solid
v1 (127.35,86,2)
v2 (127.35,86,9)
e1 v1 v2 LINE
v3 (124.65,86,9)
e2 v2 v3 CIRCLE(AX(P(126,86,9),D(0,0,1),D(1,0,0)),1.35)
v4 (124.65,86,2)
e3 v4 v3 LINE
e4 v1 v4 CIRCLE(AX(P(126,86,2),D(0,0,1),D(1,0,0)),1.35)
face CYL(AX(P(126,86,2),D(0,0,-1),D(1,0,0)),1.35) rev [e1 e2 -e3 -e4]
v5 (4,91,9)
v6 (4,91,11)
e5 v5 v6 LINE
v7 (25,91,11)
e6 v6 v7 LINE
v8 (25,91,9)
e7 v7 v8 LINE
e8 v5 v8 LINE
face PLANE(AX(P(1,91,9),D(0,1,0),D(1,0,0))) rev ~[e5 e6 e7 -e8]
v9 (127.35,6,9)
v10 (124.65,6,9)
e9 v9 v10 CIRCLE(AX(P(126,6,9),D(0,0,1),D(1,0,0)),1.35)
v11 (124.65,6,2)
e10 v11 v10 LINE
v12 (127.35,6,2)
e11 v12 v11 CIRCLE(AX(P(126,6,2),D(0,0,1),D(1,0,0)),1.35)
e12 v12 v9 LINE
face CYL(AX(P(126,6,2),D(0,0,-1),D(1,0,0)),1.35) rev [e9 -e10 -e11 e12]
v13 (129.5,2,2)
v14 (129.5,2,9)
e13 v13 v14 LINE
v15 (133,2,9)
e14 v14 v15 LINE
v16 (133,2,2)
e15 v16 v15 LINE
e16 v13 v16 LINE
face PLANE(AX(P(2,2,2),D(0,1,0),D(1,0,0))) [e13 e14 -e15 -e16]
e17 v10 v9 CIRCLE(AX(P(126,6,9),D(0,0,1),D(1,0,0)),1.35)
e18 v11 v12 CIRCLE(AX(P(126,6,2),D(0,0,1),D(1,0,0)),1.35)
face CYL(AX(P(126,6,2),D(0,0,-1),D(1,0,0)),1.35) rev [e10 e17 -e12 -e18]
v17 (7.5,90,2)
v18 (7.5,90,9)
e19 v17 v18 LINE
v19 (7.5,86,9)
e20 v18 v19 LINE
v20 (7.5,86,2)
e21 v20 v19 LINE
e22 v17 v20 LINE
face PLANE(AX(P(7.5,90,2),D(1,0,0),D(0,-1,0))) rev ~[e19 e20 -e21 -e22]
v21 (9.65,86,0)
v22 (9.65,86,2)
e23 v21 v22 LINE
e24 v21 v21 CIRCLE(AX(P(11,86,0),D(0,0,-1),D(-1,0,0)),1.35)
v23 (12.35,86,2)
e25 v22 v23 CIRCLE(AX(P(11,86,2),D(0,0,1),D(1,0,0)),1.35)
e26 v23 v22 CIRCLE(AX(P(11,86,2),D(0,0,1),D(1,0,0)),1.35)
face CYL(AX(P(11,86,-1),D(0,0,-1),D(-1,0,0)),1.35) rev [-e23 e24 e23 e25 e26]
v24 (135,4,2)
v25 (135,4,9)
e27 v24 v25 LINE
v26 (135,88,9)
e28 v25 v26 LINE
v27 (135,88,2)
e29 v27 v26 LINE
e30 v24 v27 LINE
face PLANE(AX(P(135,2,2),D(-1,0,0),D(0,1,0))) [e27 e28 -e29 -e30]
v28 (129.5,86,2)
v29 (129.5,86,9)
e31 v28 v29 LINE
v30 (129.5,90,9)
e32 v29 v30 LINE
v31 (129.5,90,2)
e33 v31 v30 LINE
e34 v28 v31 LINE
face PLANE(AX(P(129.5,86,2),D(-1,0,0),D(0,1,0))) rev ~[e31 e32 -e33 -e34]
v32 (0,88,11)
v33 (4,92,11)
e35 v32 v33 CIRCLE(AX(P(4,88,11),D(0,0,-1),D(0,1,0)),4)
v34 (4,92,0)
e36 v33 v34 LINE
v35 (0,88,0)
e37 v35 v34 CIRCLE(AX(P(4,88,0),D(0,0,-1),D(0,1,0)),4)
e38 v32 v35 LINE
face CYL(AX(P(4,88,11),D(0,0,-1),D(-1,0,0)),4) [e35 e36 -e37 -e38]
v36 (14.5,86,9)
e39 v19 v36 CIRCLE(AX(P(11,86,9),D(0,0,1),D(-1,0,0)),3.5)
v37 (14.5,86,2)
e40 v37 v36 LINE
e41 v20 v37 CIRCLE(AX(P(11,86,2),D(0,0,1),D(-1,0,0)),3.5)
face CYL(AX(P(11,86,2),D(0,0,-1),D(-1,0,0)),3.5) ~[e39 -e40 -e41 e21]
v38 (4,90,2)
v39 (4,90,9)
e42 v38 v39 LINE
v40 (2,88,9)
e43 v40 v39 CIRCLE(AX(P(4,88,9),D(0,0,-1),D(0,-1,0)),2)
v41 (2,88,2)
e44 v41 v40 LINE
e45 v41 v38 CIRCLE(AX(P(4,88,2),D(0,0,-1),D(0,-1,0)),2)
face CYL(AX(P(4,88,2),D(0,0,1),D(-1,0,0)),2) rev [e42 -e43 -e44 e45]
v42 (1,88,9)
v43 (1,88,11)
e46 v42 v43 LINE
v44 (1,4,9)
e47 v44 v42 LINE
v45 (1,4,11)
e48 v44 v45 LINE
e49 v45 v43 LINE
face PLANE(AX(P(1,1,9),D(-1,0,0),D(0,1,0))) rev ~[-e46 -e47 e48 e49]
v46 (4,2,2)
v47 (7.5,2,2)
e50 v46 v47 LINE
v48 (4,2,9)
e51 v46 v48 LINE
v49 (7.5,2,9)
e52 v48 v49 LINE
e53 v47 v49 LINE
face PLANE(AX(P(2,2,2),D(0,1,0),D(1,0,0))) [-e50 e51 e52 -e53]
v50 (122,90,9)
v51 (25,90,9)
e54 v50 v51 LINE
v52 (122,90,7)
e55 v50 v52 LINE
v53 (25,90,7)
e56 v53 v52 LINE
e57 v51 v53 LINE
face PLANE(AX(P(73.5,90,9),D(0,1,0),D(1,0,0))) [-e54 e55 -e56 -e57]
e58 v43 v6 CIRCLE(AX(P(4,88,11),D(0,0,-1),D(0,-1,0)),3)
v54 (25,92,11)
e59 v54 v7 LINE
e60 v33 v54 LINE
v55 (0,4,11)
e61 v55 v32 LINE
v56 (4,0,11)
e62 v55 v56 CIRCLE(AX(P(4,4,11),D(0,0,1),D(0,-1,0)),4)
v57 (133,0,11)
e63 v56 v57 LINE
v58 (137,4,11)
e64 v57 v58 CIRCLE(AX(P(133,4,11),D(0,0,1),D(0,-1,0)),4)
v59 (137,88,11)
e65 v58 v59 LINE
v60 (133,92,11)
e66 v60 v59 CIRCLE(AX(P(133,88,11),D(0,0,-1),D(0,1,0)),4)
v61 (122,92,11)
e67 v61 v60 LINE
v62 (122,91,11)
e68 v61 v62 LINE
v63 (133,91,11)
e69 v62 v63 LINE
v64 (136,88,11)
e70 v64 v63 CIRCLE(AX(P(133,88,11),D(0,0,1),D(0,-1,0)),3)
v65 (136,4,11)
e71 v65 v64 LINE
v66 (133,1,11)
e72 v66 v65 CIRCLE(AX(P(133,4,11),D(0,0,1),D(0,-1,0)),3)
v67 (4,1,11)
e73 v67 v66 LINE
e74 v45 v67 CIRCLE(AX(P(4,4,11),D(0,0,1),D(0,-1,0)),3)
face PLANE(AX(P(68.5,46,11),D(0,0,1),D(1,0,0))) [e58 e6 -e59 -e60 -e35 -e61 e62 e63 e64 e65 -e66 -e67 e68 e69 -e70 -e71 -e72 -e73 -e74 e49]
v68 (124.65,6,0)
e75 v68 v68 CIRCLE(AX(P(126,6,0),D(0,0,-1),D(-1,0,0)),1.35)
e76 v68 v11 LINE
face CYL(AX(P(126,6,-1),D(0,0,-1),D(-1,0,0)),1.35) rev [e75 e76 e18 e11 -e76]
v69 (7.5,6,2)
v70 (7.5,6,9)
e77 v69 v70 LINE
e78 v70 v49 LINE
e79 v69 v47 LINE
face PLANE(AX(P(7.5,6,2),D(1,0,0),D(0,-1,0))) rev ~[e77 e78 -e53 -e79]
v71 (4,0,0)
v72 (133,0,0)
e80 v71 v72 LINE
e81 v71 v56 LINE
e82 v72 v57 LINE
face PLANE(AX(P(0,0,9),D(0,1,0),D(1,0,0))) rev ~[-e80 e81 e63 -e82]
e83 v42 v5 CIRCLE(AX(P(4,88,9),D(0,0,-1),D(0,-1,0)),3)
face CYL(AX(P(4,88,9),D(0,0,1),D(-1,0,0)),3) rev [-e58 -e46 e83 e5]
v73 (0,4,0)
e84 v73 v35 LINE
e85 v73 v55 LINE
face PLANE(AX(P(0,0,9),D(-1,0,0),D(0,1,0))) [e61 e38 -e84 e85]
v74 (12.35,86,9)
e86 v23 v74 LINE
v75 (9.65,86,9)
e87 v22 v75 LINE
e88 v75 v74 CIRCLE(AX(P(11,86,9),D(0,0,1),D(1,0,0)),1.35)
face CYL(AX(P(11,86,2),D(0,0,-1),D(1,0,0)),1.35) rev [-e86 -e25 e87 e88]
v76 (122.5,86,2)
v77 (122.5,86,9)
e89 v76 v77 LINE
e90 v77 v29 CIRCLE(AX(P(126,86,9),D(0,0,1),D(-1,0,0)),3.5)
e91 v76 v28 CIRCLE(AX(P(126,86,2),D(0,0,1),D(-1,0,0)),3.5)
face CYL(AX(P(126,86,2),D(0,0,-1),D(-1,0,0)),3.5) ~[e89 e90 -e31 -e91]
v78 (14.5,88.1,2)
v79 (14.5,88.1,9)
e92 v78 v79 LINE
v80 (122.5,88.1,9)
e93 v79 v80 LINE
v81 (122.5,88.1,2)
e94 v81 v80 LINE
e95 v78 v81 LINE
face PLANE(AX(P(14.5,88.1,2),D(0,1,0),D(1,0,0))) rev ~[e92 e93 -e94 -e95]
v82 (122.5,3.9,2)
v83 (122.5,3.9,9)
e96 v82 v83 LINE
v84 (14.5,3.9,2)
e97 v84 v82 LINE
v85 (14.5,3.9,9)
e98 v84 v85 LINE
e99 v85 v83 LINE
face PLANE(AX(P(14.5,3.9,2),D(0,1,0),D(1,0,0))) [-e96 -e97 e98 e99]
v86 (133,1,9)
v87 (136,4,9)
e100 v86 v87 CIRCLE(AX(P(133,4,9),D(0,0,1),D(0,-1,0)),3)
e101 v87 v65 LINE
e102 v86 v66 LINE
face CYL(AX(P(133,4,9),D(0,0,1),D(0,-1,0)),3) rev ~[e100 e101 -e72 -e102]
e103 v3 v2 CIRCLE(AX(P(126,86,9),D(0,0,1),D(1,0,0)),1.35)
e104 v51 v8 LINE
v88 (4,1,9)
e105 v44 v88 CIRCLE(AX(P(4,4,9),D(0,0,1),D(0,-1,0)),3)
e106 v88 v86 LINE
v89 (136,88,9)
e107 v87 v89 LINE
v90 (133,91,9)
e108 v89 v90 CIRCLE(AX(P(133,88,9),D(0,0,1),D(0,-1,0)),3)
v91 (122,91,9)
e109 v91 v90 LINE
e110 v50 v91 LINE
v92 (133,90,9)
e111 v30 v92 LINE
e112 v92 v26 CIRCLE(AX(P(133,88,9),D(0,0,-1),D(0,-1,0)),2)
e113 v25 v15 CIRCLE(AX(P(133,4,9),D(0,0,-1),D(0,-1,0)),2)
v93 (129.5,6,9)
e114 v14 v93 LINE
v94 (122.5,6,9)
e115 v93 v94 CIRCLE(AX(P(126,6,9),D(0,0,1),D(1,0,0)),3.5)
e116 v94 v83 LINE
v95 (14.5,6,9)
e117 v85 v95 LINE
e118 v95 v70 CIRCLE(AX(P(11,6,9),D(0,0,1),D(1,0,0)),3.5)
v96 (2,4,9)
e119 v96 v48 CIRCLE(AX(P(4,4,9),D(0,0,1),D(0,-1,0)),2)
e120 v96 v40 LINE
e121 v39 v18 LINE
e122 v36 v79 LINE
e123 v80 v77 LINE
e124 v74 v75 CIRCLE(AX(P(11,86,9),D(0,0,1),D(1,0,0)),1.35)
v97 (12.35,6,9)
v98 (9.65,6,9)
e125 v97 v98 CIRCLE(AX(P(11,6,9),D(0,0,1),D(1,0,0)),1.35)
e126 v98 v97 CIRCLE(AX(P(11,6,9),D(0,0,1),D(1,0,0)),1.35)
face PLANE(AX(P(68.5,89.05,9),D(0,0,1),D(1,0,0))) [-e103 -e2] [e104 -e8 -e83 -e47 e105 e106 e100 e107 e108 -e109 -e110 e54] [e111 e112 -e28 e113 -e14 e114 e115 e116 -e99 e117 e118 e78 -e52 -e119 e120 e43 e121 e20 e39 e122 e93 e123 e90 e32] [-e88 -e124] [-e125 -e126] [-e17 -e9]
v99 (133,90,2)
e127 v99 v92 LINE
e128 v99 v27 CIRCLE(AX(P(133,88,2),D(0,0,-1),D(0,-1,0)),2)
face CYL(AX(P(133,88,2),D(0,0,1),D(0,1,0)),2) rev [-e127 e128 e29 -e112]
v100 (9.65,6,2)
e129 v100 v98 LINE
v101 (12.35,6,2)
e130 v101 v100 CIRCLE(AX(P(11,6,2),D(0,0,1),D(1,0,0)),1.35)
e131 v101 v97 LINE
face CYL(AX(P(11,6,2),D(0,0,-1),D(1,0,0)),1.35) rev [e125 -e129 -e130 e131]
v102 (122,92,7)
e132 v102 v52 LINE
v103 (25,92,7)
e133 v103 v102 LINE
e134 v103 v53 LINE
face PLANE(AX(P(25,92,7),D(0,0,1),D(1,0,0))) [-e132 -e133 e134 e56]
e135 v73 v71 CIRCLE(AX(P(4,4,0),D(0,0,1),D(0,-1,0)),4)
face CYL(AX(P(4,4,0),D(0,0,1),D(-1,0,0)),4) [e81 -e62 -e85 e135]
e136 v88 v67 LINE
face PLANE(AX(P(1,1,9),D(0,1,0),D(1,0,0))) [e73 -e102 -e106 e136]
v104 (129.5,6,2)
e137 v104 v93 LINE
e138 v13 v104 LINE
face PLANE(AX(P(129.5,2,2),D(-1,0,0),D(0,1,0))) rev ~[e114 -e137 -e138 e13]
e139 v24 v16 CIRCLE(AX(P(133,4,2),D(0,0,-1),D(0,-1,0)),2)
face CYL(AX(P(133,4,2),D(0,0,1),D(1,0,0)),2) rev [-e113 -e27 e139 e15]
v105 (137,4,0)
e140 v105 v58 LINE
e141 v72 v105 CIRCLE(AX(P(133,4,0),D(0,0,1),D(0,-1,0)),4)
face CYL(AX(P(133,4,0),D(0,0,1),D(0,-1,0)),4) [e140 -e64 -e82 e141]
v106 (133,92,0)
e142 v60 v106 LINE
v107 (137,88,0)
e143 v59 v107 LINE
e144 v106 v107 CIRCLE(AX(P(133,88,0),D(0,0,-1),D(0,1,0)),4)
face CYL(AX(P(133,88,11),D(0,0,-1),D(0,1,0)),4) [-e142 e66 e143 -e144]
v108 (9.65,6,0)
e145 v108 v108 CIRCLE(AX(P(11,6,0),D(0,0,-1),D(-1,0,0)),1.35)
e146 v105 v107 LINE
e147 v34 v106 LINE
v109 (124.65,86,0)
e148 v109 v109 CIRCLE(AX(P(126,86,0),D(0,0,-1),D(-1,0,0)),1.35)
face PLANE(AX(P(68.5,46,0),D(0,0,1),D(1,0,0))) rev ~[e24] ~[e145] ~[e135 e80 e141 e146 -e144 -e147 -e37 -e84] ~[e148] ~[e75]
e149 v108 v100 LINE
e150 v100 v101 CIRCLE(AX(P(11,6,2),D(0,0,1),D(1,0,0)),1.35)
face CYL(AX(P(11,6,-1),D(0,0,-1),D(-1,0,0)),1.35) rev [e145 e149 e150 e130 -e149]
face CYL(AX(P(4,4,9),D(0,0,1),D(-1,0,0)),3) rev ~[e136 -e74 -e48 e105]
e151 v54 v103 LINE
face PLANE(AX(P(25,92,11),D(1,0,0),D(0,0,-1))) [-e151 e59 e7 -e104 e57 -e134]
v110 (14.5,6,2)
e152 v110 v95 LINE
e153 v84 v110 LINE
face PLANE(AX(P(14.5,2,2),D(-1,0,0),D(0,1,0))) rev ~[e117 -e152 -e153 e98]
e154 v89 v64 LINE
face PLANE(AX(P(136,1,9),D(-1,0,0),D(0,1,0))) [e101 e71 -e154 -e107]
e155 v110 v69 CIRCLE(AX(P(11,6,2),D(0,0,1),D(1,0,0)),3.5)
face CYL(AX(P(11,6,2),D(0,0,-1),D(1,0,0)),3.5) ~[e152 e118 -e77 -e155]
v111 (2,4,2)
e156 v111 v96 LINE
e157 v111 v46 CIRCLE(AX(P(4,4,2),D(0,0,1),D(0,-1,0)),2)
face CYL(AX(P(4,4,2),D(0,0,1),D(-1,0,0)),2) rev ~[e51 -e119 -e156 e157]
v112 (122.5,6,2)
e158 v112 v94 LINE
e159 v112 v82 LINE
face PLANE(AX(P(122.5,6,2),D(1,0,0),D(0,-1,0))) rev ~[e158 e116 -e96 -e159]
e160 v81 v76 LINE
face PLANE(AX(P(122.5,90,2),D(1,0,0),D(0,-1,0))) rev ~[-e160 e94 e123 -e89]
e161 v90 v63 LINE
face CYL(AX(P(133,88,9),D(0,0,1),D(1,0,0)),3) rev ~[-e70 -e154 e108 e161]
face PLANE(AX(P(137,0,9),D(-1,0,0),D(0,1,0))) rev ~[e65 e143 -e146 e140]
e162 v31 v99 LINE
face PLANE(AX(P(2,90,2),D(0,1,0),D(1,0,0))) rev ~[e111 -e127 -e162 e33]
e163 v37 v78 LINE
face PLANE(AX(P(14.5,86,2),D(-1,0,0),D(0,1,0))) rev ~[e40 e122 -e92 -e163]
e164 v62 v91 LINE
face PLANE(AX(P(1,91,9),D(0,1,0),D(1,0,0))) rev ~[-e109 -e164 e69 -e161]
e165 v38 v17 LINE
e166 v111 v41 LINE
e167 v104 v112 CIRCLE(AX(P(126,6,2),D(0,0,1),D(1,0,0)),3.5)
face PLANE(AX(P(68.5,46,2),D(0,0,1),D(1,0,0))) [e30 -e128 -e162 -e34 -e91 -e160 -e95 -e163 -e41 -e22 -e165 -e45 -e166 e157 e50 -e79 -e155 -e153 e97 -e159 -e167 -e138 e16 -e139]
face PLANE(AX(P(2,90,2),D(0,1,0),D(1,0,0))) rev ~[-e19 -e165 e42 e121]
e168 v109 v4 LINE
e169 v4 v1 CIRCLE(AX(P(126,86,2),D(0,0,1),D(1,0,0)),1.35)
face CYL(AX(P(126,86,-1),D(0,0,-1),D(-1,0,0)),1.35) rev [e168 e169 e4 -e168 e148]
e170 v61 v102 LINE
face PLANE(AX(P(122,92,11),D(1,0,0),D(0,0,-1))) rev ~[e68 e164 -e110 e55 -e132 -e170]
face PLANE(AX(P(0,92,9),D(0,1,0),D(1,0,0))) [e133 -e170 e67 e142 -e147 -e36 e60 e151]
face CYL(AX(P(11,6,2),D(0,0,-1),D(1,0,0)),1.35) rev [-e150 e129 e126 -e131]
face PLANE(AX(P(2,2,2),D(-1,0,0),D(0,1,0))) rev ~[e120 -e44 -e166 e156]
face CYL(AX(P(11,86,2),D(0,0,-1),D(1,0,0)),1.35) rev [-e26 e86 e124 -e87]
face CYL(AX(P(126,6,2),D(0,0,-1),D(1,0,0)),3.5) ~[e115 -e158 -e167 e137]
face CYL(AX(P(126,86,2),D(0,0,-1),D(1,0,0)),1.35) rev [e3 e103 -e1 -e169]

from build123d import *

# Parameters (mm, degrees)
SKETCH1_W           = 137
SKETCH1_H           = 92
BOSS_EXTRUDE1_DEPTH = 2
SKETCH2_W           = 137
SKETCH2_H           = 92
SKETCH2_W_2         = 133
SKETCH2_H_2         = 88
BOSS_EXTRUDE2_DEPTH = 7
SKETCH3_W           = 137
SKETCH3_H           = 92
SKETCH3_W_2         = 135
SKETCH3_H_2         = 90
BOSS_EXTRUDE3_DEPTH = 2
SKETCH4_R           = 1.35
BOSS_EXTRUDE4_DEPTH = 7
SKETCH8_W           = 108
SKETCH8_H           = 1.9
BOSS_EXTRUDE6_DEPTH = 7
FILLET1_R           = 2
FILLET2_R           = 3
FILLET3_R           = 4
SKETCH11_W          = 108
SKETCH11_H          = 1.9
BOSS_EXTRUDE7_DEPTH = 7
SKETCH12_W          = 97
SKETCH12_H          = 4
CUT_EXTRUDE3_DEPTH  = 2
CUT_EXTRUDE4_START  = -10
SKETCH13_R          = 1.35
CUT_EXTRUDE4_DEPTH  = 10


with BuildPart() as part:
    # Sketch1 → Boss-Extrude1 (new body)
    with BuildSketch(Plane.XY):
        with Locations((68.5, 46)):
            Rectangle(SKETCH1_W, SKETCH1_H)
    extrude(amount=BOSS_EXTRUDE1_DEPTH)

    # Sketch2 → Boss-Extrude2 (add)
    with BuildSketch(Plane.XY.offset(2)):
        with Locations((68.5, 46)):
            Rectangle(SKETCH2_W, SKETCH2_H)
        with Locations((68.5, 46)):
            Rectangle(SKETCH2_W_2, SKETCH2_H_2, mode=Mode.SUBTRACT)
    extrude(amount=BOSS_EXTRUDE2_DEPTH)

    # Sketch3 → Boss-Extrude3 (add)
    with BuildSketch(Plane.XY.offset(9)):
        with Locations((68.5, 46)):
            Rectangle(SKETCH3_W, SKETCH3_H)
        with Locations((68.5, 46)):
            Rectangle(SKETCH3_W_2, SKETCH3_H_2, mode=Mode.SUBTRACT)
    extrude(amount=BOSS_EXTRUDE3_DEPTH)

    # Sketch4 → Boss-Extrude4 (add)
    # profile 1 of 4: a face of its own
    with BuildSketch(Plane.XY.offset(2)):
        with BuildLine():
            Line((7.5, 6), (7.5, 2))
            Line((7.5, 2), (14.5, 2))
            Line((14.5, 2), (14.5, 6))
            ThreePointArc((14.5, 6), (11, 9.5), (7.5, 6))
        make_face()
        with Locations((11, 6)):
            Circle(SKETCH4_R, mode=Mode.SUBTRACT)
    # profile 2 of 4: a face of its own
    with BuildSketch(Plane.XY.offset(2)):
        with BuildLine():
            Line((122.5, 6), (122.5, 2))
            Line((122.5, 2), (129.5, 2))
            Line((129.5, 2), (129.5, 6))
            ThreePointArc((129.5, 6), (126, 9.5), (122.5, 6))
        make_face()
        with Locations((126, 6)):
            Circle(SKETCH4_R, mode=Mode.SUBTRACT)
    # profile 3 of 4: a face of its own
    with BuildSketch(Plane.XY.offset(2)):
        with BuildLine():
            Line((129.5, 86), (129.5, 90))
            Line((129.5, 90), (122.5, 90))
            Line((122.5, 90), (122.5, 86))
            ThreePointArc((122.5, 86), (126, 82.5), (129.5, 86))
        make_face()
        with Locations((126, 86)):
            Circle(SKETCH4_R, mode=Mode.SUBTRACT)
    # profile 4 of 4: a face of its own
    with BuildSketch(Plane.XY.offset(2)):
        with BuildLine():
            Line((14.5, 86), (14.5, 90))
            Line((14.5, 90), (7.5, 90))
            Line((7.5, 90), (7.5, 86))
            ThreePointArc((7.5, 86), (11, 82.5), (14.5, 86))
        make_face()
        with Locations((11, 86)):
            Circle(SKETCH4_R, mode=Mode.SUBTRACT)
    extrude(amount=BOSS_EXTRUDE4_DEPTH)

    # Sketch8 → Boss-Extrude6 (add)
    with BuildSketch(Plane.XY.offset(2)):
        with Locations((68.5, 2.95)):
            Rectangle(SKETCH8_W, SKETCH8_H)
    extrude(amount=BOSS_EXTRUDE6_DEPTH)

    # Fillet1
    fillet1_edges = [part.edges().sort_by_distance(p)[0] for p in [
        (2, 2, 5.5),
        (135, 2, 5.5),
        (135, 90, 5.5),
        (2, 90, 5.5),
    ]]
    fillet(fillet1_edges, radius=FILLET1_R)

    # Fillet2
    fillet2_edges = [part.edges().sort_by_distance(p)[0] for p in [
        (1, 1, 10),
        (136, 1, 10),
        (136, 91, 10),
        (1, 91, 10),
    ]]
    fillet(fillet2_edges, radius=FILLET2_R)

    # Fillet3
    fillet3_edges = [part.edges().sort_by_distance(p)[0] for p in [
        (0, 92, 5.5),
        (137, 92, 5.5),
        (137, 0, 5.5),
        (0, 0, 5.5),
    ]]
    fillet(fillet3_edges, radius=FILLET3_R)

    # Sketch11 → Boss-Extrude7 (add)
    with BuildSketch(Plane.XY.offset(2)):
        with Locations((68.5, 89.05)):
            Rectangle(SKETCH11_W, SKETCH11_H)
    extrude(amount=BOSS_EXTRUDE7_DEPTH)

    # Sketch12 → Cut-Extrude3 (cut)
    with BuildSketch(Plane(origin=(0, 92, 0), x_dir=(1, 0, 0), z_dir=(0, 1, 0))):
        with Locations((73.5, -9)):
            Rectangle(SKETCH12_W, SKETCH12_H)
    extrude(amount=-CUT_EXTRUDE3_DEPTH, mode=Mode.SUBTRACT)

    # Sketch13 → Cut-Extrude4 (cut)
    with BuildSketch(Plane.XY.offset(9).offset(CUT_EXTRUDE4_START)):
        with Locations(Location((11, 86, 0), (0, 0, 180))):
            Circle(SKETCH13_R)
        with Locations(Location((11, 6, 0), (0, 0, 180))):
            Circle(SKETCH13_R)
        with Locations(Location((126, 6, 0), (0, 0, 180))):
            Circle(SKETCH13_R)
        with Locations(Location((126, 86, 0), (0, 0, 180))):
            Circle(SKETCH13_R)
    extrude(amount=CUT_EXTRUDE4_DEPTH, mode=Mode.SUBTRACT)


solid = part.part
